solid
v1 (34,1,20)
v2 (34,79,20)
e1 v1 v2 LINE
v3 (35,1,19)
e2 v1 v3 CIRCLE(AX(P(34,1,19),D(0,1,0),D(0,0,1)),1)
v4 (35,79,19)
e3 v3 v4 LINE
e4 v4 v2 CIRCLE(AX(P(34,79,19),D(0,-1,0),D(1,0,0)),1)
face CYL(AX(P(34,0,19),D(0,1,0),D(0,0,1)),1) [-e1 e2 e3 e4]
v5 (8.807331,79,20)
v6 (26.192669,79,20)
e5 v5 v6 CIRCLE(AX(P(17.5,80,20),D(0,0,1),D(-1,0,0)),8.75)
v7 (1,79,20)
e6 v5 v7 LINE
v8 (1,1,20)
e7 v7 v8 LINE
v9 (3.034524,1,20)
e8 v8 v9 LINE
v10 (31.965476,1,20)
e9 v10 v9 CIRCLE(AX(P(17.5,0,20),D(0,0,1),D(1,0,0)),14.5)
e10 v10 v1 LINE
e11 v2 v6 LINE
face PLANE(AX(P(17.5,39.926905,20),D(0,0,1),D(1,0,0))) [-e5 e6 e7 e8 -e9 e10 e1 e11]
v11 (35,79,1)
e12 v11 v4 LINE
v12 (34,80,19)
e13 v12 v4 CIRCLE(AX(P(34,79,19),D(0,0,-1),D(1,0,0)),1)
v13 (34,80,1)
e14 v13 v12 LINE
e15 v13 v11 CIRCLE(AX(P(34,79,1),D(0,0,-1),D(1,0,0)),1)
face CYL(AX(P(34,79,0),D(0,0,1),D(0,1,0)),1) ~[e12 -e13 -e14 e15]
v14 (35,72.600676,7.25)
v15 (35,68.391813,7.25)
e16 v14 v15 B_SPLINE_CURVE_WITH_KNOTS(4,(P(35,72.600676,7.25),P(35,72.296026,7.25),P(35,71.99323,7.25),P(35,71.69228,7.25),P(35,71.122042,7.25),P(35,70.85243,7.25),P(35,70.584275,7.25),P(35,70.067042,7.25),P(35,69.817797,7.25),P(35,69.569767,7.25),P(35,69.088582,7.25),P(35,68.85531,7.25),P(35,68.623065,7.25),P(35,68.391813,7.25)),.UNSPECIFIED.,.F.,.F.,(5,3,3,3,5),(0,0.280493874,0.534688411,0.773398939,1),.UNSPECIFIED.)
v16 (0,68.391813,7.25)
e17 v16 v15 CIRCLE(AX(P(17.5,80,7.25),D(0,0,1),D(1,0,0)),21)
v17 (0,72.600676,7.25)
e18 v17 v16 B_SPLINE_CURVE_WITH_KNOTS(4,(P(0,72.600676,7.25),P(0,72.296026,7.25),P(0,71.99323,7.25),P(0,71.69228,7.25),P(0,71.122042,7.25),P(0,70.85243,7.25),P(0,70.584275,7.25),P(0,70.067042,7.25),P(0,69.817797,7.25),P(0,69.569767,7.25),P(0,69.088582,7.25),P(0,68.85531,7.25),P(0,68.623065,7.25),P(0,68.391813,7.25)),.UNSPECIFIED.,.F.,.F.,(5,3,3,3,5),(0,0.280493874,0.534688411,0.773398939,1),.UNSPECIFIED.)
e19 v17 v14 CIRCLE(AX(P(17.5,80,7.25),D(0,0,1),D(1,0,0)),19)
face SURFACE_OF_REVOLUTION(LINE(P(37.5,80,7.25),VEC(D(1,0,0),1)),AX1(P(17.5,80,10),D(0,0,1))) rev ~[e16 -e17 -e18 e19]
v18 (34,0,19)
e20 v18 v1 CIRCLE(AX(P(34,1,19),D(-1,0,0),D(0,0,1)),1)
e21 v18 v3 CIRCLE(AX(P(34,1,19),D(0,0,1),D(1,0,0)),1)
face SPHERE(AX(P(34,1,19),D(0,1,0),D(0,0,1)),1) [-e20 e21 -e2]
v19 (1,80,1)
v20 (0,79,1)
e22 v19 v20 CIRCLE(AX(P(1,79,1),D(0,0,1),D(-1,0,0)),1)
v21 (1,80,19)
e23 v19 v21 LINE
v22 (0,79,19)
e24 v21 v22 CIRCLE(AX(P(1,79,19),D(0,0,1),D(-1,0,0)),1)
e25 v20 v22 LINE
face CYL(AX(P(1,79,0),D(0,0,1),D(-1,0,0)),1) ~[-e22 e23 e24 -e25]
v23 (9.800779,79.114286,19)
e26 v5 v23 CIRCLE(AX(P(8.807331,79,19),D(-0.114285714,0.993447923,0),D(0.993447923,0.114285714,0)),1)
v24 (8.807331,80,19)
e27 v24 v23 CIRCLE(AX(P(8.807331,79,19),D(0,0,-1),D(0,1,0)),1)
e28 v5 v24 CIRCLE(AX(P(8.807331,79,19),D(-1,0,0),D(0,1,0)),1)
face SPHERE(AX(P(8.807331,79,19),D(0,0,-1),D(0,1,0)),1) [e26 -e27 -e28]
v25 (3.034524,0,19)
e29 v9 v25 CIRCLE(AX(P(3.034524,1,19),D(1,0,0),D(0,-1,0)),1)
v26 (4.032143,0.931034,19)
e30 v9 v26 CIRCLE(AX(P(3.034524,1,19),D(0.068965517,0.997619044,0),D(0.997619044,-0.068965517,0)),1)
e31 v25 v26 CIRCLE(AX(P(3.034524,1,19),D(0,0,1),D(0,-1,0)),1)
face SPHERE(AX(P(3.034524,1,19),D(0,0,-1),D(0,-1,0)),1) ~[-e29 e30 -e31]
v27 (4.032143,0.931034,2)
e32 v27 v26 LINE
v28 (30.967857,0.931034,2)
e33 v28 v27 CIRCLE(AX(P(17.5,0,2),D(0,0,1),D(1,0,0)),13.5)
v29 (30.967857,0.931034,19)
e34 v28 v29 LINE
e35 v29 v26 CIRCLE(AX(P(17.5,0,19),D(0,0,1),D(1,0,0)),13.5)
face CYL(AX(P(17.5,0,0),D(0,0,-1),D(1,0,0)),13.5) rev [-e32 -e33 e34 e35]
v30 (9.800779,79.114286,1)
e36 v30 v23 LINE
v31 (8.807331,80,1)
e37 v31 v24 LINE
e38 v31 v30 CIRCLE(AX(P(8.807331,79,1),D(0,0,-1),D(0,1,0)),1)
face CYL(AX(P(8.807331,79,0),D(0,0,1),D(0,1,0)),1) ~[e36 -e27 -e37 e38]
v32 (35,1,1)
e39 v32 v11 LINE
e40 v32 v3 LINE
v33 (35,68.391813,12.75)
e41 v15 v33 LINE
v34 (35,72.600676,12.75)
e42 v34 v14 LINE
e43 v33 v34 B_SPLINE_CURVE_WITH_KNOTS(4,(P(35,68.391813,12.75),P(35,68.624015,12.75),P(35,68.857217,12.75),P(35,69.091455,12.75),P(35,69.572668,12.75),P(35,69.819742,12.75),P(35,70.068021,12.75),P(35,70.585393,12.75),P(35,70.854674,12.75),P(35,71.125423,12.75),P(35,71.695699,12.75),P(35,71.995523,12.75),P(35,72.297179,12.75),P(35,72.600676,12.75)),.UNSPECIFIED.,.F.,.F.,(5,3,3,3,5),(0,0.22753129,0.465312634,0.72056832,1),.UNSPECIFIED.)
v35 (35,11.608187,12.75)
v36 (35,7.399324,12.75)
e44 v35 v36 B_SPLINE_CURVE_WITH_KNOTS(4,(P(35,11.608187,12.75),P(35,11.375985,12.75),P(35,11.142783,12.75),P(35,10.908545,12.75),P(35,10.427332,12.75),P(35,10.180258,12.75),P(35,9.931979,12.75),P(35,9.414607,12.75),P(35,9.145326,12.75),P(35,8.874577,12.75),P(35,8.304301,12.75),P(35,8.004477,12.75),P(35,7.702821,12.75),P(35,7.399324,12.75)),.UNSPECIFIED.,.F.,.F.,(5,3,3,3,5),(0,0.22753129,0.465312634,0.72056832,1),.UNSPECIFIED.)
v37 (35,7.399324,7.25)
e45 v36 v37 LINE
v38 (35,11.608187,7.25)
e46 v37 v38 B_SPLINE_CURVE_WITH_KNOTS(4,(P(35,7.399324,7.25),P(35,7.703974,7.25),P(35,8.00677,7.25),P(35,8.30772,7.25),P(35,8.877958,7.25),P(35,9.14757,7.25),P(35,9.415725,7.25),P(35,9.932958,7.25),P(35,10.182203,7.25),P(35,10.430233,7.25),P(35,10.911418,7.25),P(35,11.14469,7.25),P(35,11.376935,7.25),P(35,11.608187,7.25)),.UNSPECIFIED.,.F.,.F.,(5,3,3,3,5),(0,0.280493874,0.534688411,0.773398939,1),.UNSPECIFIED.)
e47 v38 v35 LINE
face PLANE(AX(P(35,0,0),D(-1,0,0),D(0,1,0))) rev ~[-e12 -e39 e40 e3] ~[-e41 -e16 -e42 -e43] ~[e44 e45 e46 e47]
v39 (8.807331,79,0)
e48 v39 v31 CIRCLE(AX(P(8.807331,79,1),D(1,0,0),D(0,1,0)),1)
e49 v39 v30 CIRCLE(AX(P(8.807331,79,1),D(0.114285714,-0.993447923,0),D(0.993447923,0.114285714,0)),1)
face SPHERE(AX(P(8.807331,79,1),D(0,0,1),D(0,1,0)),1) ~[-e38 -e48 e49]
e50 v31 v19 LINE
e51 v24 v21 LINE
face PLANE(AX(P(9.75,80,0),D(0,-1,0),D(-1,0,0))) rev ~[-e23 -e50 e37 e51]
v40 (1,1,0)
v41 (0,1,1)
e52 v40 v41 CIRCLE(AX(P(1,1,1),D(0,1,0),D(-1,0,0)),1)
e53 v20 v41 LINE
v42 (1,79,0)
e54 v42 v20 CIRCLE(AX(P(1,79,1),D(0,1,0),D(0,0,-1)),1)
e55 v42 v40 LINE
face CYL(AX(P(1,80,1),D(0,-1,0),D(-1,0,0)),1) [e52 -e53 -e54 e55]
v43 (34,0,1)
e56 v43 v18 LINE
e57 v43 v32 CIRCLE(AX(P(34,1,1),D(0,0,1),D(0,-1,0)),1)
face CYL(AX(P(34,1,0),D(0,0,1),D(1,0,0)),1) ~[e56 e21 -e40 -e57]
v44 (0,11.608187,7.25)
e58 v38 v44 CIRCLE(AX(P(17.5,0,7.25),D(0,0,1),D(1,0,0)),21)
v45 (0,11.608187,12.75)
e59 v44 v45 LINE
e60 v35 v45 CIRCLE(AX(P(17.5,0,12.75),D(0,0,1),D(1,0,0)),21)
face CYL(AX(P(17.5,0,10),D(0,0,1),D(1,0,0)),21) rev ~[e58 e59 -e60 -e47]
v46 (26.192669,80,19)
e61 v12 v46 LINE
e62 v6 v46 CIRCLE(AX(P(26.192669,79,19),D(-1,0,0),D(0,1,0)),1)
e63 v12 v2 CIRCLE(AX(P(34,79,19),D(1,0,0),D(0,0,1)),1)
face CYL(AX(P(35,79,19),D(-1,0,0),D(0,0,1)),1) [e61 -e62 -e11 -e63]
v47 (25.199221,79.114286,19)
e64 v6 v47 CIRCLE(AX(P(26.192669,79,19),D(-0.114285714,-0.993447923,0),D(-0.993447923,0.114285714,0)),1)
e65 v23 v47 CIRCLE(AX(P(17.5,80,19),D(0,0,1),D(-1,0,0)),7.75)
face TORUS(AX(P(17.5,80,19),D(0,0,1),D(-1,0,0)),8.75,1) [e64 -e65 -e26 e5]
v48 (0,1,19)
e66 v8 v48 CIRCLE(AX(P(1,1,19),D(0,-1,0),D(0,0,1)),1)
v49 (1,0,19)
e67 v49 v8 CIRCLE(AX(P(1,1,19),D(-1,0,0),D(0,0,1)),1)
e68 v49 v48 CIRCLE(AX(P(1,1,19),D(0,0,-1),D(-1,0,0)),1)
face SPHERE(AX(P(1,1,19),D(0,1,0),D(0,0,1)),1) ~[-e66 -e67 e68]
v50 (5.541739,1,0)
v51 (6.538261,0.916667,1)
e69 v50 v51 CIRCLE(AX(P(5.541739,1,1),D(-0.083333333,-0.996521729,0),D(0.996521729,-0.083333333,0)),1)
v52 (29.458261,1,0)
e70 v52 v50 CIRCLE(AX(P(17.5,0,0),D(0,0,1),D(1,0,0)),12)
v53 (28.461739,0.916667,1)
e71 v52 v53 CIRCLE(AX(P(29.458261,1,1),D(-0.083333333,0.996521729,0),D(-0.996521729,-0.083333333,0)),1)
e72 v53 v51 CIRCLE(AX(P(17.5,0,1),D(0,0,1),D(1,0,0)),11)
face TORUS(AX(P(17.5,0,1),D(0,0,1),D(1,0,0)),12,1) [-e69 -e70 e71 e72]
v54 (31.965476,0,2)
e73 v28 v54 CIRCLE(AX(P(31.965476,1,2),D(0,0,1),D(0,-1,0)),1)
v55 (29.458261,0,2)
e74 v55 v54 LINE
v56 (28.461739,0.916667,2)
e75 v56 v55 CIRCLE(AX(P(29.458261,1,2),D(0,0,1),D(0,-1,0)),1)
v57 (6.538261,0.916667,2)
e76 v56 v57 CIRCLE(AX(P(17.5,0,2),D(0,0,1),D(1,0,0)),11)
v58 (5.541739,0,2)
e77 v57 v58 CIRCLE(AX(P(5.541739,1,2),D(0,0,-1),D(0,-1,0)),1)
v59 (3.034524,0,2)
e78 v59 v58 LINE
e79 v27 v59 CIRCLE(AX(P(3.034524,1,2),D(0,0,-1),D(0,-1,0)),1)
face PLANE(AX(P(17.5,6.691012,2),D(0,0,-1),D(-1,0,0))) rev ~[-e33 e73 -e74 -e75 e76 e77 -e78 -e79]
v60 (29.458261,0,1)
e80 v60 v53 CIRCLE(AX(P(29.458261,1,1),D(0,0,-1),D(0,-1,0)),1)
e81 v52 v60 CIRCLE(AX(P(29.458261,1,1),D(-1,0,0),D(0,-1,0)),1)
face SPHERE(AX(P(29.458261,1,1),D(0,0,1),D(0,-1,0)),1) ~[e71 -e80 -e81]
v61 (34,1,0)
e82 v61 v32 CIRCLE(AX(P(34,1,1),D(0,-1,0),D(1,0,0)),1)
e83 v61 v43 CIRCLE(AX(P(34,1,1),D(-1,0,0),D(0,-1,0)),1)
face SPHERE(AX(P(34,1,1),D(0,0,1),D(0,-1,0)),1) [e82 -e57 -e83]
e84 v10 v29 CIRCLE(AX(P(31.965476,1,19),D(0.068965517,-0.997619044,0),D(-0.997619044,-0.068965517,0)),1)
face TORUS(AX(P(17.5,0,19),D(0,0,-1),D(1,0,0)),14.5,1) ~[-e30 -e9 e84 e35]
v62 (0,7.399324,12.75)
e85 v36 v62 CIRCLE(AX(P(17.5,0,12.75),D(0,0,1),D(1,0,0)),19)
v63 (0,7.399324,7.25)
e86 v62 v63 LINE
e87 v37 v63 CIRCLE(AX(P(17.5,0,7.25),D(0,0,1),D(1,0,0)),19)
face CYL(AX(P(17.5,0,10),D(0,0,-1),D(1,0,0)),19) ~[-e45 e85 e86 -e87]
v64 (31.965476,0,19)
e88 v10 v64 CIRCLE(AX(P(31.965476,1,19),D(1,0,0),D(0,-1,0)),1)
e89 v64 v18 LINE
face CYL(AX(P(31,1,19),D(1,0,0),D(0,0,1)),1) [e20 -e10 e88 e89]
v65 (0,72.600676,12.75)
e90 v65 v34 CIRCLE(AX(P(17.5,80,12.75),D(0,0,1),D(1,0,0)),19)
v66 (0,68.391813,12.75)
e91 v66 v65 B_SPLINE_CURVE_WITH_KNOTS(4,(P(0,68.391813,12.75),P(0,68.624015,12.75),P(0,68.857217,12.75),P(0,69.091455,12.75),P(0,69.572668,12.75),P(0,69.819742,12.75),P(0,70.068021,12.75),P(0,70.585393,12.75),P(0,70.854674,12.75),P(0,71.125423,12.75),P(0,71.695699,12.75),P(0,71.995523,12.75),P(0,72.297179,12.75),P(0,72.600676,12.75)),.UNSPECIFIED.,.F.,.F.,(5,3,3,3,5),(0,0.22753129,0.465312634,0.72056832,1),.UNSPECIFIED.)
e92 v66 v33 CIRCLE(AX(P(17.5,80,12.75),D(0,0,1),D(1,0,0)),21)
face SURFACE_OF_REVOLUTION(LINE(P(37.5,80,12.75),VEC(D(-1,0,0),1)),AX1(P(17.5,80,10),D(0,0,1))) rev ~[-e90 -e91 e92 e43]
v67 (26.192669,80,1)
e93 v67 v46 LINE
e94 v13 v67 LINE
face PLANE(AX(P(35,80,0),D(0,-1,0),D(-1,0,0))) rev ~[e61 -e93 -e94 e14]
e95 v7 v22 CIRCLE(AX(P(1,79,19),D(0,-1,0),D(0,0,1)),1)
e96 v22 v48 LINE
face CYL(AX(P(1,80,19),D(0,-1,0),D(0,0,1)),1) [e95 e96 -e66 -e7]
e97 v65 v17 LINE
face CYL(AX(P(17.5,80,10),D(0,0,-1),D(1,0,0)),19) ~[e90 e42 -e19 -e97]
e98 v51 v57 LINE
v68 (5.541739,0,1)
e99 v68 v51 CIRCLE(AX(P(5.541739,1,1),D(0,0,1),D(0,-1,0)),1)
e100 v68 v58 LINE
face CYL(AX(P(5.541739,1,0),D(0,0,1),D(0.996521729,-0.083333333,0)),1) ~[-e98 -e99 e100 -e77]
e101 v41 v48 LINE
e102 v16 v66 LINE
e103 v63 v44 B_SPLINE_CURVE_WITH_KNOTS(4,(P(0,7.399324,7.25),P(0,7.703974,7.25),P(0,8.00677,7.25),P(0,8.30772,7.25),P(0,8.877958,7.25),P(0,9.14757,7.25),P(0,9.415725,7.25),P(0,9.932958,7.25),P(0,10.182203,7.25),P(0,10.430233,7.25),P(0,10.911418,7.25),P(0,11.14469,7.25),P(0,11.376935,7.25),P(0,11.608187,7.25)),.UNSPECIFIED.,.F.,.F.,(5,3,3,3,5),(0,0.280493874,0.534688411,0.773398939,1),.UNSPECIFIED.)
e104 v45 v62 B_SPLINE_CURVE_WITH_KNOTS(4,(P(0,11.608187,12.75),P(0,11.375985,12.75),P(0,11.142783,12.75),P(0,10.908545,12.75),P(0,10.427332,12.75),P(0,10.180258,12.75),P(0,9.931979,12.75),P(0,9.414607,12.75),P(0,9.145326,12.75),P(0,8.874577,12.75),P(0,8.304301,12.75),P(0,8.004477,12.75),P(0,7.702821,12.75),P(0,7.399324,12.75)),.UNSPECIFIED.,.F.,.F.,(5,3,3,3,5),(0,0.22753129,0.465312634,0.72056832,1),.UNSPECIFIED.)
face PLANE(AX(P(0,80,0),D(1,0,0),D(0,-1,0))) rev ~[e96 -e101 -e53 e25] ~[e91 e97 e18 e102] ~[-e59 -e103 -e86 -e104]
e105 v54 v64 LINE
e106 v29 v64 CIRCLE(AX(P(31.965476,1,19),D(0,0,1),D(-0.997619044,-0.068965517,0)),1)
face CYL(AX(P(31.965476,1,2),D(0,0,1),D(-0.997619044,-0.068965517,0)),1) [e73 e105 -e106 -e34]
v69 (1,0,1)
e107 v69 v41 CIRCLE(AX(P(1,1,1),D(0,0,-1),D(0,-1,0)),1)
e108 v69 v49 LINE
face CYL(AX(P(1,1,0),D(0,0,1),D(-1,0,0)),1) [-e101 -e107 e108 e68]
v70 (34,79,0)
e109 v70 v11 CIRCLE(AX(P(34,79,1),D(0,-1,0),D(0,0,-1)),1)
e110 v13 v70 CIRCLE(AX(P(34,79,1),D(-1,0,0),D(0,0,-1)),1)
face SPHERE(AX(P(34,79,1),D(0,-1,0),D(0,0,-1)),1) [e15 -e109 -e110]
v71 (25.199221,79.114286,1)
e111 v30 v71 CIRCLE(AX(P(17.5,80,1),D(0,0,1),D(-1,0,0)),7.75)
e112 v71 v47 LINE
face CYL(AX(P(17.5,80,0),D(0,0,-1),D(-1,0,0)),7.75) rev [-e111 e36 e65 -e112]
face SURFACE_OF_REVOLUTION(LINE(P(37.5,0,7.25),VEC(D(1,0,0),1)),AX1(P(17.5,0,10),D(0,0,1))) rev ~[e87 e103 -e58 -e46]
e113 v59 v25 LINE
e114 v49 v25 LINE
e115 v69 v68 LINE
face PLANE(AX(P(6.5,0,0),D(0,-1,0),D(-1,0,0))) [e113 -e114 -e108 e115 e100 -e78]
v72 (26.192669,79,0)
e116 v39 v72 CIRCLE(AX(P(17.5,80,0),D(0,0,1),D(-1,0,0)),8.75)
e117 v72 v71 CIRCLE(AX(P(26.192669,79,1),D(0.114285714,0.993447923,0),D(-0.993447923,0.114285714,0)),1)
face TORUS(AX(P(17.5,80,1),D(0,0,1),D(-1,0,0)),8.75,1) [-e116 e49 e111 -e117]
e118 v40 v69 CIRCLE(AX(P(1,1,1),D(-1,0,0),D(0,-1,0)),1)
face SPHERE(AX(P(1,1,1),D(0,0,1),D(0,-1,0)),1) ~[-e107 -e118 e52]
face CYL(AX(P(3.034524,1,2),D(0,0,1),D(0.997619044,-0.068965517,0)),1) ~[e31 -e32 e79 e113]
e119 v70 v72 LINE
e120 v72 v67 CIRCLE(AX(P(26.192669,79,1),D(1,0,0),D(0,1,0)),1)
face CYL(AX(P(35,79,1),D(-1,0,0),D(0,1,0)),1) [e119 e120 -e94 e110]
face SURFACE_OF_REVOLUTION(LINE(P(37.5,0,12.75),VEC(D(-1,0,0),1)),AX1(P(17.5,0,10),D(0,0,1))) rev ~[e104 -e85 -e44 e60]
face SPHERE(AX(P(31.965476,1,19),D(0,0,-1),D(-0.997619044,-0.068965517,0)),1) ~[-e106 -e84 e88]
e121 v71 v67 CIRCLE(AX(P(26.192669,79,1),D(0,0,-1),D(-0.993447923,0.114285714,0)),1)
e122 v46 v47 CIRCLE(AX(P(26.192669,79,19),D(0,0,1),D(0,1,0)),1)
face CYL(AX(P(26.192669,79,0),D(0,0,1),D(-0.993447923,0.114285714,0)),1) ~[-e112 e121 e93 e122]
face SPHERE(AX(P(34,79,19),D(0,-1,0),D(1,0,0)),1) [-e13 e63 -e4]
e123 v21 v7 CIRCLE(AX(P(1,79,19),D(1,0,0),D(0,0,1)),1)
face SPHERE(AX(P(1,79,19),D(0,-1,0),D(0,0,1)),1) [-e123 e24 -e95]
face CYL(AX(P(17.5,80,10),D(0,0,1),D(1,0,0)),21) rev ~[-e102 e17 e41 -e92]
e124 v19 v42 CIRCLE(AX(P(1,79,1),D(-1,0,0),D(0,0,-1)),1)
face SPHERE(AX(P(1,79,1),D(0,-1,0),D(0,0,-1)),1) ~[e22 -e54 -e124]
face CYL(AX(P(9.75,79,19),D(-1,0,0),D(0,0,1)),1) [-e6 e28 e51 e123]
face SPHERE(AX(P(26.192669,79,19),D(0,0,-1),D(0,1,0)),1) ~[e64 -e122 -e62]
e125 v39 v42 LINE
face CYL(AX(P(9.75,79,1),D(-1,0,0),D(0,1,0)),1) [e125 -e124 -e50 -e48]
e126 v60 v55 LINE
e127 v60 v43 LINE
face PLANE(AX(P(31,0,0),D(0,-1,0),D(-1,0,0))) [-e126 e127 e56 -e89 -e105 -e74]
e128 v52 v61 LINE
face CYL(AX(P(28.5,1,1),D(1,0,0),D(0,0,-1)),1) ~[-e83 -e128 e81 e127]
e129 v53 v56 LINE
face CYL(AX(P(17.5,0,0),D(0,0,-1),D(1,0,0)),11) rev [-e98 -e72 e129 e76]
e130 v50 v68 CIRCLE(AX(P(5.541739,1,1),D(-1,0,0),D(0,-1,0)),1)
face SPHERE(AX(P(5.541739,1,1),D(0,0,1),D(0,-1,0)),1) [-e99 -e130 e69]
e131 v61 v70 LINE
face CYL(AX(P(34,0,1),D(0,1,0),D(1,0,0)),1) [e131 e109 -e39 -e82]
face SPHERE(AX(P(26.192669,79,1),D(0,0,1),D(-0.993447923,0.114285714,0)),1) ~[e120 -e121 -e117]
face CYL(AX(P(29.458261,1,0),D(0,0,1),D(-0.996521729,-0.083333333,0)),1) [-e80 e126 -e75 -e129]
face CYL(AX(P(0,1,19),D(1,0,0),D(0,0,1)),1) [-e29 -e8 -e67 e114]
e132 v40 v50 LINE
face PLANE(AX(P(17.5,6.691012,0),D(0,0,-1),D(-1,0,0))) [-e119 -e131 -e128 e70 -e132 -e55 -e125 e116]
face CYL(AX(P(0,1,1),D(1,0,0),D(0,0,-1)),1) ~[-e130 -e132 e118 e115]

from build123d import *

# Parameters (mm, degrees)
PAD_DEPTH    = 20
SKETCH002_W  = 2
SKETCH002_H  = 5.5
SKETCH004_W  = 2
SKETCH004_H  = 5.5
PAD001_DEPTH = 2
FILLET_R     = 1


with BuildPart() as part:
    # Sketch → Pad (new body)
    with BuildSketch(Plane.XY):
        with BuildLine():
            Line((0, 0), (4, 0))
            ThreePointArc((31, 0), (17.5, 13.5), (4, 0))
            Line((31, 0), (35, 0))
            Line((35, 0), (35, 80))
            Line((35, 80), (25.25, 80))
            ThreePointArc((9.75, 80), (17.5, 72.25), (25.25, 80))
            Line((9.75, 80), (0, 80))
            Line((0, 80), (0, 0))
        make_face()
    extrude(amount=PAD_DEPTH)

    # SubtractivePipe: sweep along a path in Sketch001
    with BuildLine(Plane.XY.offset(10)) as subtractivepipe_path:
        CenterArc((17.5, 0), 20, 0, 360)
    # Sketch002 → SubtractivePipe (sweep, cut)
    with BuildSketch(Plane.XZ):
        with Locations((37.5, 10)):
            Rectangle(SKETCH002_W, SKETCH002_H)
    sweep(path=subtractivepipe_path.line, mode=Mode.SUBTRACT)

    # SubtractivePipe001: sweep along a path in Sketch003
    with BuildLine(Plane.XY.offset(10)) as subtractivepipe001_path:
        CenterArc((17.5, 80), 20, 0, 360)
    # Sketch004 → SubtractivePipe001 (sweep, cut)
    with BuildSketch(Plane.XZ.offset(-80)):
        with Locations((37.5, 10)):
            Rectangle(SKETCH004_W, SKETCH004_H)
    sweep(path=subtractivepipe001_path.line, mode=Mode.SUBTRACT)

    # Sketch005 → Pad001 (join)
    with BuildSketch(Plane.XY):
        with BuildLine():
            ThreePointArc((28.5, 0), (17.5, 11), (6.5, 0))
            Line((6.5, 0), (4, 0))
            ThreePointArc((31, 0), (17.5, 13.5), (4, 0))
            Line((31, 0), (28.5, 0))
        make_face()
    extrude(amount=PAD001_DEPTH)

    # Fillet
    fillet_edges = [part.edges().sort_by_distance(p)[0] for p in [
        (0, 40, 20),
        (35, 40, 20),
        (2, 0, 20),
        (17.5, 13.5, 20),
        (33, 0, 20),
        (4, 0, 11),
        (0, 0, 10),
        (31, 0, 11),
        (35, 0, 10),
        (3.25, 0, 0),
        (31.75, 0, 0),
        (35, 40, 0),
        (17.5, 11, 0),
        (0, 40, 0),
        (4.875, 80, 0),
        (17.5, 72.25, 0),
        (30.125, 80, 0),
        (35, 80, 10),
        (25.25, 80, 10),
        (9.75, 80, 10),
        (30.125, 80, 20),
        (4.875, 80, 20),
        (17.5, 72.25, 20),
        (0, 80, 10),
        (28.5, 0, 1),
        (6.5, 0, 1),
    ]]
    fillet(fillet_edges, radius=FILLET_R)


solid = part.part
